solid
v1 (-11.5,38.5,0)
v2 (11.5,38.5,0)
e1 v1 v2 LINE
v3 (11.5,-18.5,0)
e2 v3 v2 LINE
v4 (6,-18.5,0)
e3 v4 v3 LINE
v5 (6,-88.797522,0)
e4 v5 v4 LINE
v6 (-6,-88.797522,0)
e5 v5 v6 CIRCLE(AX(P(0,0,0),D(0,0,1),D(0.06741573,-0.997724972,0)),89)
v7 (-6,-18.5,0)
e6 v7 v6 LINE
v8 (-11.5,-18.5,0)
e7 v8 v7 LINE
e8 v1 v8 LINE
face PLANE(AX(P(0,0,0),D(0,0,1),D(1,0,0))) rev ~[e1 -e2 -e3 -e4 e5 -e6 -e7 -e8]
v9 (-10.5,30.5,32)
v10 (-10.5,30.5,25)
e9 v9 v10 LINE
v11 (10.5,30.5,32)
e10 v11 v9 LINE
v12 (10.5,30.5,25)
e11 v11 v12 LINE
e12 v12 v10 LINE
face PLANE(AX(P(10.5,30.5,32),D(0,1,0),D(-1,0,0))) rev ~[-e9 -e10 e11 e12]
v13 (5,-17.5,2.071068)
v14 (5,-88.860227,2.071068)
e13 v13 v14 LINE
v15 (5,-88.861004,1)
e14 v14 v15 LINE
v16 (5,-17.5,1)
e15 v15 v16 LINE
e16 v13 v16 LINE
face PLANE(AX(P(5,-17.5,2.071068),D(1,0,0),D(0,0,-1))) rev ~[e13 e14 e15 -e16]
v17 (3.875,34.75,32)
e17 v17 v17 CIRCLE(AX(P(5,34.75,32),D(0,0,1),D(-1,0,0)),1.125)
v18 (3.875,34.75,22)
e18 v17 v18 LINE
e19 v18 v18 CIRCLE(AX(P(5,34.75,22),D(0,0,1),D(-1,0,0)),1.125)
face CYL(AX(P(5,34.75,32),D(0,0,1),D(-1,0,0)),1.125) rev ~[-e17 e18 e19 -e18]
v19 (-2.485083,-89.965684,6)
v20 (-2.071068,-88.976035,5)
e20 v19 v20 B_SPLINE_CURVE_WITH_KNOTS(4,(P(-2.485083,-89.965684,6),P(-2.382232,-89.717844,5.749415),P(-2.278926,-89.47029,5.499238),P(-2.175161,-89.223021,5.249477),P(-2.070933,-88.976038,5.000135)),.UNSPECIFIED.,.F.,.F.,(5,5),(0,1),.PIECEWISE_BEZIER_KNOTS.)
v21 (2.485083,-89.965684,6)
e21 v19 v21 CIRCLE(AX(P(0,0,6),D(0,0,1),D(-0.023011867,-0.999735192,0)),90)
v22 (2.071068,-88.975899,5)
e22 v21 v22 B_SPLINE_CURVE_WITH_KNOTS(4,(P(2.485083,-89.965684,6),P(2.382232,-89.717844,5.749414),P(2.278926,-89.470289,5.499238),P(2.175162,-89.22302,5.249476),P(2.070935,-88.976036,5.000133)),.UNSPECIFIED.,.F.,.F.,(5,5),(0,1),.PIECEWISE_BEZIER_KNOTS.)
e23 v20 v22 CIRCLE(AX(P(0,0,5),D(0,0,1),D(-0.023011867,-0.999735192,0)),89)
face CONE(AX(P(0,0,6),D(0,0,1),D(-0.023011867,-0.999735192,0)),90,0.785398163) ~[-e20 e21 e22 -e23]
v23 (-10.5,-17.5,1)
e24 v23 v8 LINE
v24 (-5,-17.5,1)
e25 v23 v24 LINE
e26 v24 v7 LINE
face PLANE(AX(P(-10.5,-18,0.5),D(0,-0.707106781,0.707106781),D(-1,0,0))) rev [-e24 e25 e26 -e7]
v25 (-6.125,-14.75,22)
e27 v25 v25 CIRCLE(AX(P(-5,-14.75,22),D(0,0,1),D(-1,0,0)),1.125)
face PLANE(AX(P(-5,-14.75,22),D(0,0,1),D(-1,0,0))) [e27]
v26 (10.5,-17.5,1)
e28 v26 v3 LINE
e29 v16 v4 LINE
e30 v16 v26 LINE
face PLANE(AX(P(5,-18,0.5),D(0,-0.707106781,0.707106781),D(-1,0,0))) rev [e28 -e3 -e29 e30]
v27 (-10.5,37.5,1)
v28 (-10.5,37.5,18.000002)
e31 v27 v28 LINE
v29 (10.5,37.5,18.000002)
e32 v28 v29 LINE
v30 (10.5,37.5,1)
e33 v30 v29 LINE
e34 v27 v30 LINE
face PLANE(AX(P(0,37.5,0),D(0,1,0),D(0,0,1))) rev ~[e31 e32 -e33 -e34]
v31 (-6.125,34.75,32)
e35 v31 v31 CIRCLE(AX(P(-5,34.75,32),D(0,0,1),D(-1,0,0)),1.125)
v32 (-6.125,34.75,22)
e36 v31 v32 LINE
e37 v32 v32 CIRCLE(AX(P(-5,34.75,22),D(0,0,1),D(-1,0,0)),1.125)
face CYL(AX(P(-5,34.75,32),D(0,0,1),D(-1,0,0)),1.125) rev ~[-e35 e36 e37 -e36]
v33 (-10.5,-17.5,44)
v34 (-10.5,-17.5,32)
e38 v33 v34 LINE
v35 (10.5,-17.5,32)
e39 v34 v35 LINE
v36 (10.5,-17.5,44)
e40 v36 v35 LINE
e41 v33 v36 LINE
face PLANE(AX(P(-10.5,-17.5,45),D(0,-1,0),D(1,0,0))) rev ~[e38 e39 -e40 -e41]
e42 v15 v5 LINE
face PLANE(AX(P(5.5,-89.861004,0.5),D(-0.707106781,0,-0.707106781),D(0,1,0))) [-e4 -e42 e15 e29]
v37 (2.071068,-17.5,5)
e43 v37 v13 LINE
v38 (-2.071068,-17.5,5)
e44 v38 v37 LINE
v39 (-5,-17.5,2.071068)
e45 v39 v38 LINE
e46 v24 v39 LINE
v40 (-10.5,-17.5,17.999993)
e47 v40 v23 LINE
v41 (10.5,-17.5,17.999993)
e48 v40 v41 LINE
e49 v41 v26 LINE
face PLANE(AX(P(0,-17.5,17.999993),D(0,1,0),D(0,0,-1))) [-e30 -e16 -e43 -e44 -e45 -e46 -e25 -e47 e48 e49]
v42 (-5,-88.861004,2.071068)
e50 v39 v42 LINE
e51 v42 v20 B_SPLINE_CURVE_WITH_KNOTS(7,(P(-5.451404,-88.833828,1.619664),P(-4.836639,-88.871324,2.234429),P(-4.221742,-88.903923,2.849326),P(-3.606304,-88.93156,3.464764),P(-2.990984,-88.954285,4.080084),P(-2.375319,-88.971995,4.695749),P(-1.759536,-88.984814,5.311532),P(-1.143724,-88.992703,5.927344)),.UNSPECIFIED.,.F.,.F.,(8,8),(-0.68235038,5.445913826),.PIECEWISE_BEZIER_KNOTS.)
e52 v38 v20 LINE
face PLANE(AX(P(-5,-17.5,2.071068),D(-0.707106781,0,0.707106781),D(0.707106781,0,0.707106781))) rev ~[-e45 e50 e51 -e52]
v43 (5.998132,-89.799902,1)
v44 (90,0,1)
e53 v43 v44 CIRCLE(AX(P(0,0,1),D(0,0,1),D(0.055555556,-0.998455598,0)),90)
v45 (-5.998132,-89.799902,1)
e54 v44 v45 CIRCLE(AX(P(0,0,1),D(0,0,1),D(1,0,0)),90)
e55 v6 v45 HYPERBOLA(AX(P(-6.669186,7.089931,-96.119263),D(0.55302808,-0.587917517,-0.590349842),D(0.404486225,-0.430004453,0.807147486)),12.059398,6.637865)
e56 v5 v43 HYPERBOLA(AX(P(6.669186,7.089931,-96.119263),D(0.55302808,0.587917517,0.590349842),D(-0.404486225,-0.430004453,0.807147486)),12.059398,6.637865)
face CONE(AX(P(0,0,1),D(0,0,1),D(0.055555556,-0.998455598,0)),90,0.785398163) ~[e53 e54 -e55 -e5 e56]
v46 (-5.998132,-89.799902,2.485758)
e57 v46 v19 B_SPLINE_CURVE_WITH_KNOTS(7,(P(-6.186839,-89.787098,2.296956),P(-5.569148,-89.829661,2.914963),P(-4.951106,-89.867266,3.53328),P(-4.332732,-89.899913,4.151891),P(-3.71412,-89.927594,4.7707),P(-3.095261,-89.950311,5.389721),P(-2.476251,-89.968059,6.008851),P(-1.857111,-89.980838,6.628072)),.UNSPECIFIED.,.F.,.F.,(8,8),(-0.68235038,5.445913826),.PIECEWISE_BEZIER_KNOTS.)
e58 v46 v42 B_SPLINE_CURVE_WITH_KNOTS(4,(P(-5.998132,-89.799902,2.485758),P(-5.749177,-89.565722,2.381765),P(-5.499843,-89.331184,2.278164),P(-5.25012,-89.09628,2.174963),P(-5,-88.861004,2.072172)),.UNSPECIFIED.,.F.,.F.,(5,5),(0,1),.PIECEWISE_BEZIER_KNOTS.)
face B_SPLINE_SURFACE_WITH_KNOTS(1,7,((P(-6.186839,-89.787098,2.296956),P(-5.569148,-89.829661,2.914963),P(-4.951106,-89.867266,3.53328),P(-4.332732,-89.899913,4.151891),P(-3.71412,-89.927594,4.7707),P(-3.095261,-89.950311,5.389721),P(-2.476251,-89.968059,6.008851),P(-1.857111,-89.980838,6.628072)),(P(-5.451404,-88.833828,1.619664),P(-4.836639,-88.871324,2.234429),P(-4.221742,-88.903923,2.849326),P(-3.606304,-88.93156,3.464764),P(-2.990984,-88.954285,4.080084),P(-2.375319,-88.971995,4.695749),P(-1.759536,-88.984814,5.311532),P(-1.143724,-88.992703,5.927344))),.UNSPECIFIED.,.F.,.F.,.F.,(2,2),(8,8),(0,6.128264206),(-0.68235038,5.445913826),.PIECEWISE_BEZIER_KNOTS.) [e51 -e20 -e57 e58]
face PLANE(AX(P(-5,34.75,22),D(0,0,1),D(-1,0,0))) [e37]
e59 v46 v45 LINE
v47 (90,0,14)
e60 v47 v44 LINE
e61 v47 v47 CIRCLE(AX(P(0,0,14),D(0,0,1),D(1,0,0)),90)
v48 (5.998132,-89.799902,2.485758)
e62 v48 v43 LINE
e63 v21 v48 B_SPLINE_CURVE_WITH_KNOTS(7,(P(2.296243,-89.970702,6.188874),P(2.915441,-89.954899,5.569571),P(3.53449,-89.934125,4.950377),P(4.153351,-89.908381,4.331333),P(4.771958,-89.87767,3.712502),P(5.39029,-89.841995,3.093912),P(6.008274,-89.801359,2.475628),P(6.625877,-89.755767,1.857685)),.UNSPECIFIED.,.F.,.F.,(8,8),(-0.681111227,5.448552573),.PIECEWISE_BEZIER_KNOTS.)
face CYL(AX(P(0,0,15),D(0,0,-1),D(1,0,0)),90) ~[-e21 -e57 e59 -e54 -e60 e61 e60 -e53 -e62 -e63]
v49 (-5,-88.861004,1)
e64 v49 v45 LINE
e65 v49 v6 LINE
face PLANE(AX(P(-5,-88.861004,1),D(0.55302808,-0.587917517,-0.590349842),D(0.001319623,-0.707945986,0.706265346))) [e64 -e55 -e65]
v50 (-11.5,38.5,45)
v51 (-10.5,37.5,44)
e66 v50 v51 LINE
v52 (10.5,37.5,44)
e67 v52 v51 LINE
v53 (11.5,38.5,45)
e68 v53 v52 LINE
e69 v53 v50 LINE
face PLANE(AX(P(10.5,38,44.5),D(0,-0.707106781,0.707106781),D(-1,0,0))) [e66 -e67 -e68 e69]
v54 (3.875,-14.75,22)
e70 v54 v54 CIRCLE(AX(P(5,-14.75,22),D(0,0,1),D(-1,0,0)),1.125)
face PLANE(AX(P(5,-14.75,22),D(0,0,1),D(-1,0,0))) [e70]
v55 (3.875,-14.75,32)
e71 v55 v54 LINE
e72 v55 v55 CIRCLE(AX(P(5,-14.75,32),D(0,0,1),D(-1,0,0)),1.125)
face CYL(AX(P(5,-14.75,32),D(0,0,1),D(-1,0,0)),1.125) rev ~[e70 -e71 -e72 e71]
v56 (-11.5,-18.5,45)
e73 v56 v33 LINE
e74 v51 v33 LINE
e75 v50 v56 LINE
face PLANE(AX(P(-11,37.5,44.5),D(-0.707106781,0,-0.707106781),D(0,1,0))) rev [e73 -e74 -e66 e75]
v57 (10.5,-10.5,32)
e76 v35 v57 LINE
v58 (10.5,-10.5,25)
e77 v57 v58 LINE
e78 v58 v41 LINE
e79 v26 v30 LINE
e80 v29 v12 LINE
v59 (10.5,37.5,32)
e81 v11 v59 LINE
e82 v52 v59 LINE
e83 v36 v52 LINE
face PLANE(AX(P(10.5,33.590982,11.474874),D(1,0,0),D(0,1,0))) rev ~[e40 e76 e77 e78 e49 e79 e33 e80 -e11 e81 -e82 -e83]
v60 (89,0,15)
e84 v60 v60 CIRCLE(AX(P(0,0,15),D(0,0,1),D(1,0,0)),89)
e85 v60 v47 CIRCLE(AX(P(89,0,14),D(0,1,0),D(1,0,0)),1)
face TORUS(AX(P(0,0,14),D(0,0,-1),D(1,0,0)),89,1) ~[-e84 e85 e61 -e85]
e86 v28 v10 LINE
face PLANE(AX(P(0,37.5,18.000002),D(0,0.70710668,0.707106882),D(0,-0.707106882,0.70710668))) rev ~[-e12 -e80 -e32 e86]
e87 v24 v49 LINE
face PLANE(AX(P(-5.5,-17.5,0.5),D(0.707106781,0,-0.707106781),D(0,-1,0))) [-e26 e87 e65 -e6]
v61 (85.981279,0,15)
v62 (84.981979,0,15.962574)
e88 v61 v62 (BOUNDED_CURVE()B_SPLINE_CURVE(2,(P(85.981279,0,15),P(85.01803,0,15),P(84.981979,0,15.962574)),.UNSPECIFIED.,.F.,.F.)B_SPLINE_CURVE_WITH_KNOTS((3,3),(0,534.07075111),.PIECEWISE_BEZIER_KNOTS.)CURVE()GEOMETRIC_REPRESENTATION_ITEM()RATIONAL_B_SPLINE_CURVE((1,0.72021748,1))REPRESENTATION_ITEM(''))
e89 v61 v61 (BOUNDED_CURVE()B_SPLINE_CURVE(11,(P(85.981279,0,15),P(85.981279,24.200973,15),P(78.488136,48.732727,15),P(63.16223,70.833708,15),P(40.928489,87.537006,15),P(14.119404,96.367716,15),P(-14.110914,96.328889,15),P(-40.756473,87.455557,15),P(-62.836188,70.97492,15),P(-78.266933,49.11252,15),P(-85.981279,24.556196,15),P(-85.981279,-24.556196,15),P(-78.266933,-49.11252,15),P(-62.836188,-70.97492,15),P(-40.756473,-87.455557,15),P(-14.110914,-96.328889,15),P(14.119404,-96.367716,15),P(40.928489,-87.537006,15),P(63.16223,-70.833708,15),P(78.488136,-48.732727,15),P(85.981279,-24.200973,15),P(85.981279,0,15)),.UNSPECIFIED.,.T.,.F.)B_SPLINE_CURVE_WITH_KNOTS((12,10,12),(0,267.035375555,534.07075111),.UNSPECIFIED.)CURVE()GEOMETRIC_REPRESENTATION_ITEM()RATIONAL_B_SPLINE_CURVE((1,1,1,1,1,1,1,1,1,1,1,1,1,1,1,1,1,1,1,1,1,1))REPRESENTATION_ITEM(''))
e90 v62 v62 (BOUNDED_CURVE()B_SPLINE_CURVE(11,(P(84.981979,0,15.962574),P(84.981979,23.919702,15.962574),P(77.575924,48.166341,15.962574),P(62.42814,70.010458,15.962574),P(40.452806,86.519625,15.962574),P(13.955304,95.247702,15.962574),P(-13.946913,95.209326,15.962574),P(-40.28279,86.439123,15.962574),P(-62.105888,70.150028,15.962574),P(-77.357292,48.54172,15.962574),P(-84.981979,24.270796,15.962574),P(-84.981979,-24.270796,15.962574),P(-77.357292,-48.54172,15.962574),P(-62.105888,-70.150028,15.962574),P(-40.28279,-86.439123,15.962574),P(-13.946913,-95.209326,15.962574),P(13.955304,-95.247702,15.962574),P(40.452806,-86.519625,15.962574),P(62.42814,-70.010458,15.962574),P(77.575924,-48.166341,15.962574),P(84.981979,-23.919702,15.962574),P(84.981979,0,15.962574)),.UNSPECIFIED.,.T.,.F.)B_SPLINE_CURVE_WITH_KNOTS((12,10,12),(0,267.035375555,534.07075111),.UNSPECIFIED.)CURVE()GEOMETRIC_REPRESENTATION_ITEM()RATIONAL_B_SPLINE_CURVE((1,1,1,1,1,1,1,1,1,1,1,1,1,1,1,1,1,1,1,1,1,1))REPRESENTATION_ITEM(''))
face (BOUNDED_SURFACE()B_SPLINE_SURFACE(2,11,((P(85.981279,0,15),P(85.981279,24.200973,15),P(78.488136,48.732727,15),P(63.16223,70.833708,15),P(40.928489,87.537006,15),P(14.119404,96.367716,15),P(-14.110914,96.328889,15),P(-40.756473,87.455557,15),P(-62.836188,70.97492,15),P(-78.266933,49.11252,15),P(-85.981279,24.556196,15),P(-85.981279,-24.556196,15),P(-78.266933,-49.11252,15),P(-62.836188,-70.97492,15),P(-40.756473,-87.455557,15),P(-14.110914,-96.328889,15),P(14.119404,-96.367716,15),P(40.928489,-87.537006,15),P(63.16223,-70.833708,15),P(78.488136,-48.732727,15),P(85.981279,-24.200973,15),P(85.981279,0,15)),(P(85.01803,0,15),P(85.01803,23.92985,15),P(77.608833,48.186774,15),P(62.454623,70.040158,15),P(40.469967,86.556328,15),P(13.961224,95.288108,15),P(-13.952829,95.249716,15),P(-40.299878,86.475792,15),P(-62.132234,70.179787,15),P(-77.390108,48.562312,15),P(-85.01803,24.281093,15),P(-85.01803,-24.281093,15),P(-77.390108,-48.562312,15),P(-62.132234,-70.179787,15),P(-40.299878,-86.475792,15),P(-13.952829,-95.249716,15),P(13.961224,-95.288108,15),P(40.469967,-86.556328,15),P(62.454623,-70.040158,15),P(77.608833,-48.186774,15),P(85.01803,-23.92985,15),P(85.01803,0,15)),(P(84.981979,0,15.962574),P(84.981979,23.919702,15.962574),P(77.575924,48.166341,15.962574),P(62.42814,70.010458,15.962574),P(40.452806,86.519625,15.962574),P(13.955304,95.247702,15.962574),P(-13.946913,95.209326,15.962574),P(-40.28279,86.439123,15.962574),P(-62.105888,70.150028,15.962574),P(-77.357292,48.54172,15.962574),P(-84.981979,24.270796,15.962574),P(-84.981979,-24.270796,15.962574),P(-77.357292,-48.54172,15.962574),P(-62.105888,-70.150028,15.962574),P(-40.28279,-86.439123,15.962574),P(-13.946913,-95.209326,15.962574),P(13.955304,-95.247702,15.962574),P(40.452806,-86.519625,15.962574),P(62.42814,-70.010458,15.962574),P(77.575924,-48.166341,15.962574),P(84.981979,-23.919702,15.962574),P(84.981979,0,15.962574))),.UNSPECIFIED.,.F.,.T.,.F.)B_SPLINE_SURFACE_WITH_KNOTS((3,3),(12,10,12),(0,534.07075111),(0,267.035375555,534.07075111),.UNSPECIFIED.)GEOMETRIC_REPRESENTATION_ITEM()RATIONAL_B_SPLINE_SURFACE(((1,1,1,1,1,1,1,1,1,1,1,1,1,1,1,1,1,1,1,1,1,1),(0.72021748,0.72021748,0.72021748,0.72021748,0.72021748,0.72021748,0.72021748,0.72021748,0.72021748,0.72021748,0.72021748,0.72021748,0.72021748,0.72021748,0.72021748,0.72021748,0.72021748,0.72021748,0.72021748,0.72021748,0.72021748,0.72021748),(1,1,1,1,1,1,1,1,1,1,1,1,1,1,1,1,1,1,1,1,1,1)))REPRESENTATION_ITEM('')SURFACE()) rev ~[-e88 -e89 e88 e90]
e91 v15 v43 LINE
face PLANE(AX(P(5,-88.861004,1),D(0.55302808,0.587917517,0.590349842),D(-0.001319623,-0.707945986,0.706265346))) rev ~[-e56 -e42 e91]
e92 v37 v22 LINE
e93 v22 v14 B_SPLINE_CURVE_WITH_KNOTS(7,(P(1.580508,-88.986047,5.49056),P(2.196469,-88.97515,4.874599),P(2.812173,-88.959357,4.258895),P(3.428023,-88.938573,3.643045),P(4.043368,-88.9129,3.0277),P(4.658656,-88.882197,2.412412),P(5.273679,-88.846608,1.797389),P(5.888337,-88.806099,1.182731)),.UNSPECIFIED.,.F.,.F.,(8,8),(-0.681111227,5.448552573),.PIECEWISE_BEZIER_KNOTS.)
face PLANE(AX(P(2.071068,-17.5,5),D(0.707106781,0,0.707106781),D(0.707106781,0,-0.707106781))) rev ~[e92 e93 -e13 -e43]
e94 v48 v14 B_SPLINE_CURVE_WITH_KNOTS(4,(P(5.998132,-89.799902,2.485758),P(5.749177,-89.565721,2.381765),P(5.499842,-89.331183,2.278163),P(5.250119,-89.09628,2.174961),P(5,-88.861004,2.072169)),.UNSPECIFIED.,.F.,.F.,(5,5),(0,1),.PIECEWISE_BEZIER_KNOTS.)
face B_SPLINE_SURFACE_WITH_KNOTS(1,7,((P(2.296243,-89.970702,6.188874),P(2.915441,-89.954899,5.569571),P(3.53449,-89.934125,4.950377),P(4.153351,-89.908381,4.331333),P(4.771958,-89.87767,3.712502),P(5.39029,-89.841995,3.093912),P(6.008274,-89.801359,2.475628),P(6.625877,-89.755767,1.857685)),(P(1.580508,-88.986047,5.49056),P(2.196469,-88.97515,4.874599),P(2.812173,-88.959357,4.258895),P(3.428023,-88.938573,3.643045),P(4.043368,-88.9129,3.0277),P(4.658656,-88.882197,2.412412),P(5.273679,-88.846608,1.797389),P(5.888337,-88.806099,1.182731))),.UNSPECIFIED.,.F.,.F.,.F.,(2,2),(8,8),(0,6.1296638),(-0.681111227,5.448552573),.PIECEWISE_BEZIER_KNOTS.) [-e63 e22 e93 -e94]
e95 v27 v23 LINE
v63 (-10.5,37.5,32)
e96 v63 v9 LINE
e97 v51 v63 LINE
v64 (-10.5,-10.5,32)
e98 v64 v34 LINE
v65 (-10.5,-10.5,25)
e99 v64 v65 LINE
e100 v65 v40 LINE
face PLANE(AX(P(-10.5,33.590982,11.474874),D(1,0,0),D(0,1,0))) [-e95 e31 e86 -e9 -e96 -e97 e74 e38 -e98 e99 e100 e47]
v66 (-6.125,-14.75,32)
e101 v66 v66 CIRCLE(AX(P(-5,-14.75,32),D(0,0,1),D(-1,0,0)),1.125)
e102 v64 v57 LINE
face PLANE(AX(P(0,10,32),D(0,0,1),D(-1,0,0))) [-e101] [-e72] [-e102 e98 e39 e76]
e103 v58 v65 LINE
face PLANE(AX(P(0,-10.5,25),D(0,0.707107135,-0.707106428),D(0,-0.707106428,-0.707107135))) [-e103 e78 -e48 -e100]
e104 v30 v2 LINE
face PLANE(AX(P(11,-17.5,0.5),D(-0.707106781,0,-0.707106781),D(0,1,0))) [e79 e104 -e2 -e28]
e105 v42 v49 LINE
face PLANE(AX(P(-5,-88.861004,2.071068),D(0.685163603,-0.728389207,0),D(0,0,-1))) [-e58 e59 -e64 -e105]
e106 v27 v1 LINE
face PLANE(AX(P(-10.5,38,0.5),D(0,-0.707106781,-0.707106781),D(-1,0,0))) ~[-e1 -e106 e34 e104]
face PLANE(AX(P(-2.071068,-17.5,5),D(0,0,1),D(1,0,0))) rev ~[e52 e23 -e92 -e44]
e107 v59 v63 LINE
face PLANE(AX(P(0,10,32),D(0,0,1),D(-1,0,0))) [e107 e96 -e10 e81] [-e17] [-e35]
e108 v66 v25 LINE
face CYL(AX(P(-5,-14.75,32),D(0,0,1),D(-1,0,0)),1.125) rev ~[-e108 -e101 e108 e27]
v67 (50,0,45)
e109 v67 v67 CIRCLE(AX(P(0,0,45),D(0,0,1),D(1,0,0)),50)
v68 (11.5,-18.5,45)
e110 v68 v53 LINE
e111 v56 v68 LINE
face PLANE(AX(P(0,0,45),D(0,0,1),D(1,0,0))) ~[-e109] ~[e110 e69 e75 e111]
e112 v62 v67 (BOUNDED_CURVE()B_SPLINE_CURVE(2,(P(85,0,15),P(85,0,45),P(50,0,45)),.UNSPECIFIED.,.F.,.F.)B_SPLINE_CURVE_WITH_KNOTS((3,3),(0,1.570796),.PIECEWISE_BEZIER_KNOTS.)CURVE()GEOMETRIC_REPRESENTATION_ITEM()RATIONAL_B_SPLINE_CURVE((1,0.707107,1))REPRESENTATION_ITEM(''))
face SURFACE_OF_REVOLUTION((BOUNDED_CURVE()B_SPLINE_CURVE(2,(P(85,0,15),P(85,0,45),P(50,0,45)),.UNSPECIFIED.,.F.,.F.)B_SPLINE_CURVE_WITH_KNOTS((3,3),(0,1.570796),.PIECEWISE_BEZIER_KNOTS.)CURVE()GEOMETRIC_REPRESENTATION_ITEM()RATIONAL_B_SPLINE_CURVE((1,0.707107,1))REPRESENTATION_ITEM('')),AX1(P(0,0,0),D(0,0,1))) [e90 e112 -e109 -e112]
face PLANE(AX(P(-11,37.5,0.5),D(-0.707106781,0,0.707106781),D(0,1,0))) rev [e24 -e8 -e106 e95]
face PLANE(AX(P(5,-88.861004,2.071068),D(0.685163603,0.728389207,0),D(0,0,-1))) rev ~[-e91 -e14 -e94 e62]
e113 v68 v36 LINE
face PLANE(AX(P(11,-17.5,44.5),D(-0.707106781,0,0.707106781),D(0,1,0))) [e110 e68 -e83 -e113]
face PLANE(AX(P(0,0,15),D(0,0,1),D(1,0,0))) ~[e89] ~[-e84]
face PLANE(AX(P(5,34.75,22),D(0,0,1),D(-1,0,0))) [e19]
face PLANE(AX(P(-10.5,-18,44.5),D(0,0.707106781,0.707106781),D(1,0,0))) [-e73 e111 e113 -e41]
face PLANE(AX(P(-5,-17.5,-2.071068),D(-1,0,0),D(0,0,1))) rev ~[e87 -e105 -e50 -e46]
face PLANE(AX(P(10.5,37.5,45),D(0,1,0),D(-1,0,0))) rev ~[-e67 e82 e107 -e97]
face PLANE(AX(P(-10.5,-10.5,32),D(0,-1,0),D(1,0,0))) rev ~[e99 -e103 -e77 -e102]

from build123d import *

# Parameters (mm, degrees)
FILLET_R        = 1
POCKET_DEPTH    = 13
POCKET012_DEPTH = 32
SKETCH026_R     = 1.125
POCKET013_DEPTH = 10
POCKET014_DEPTH = 10.5
CHAMFER004_SIZE = 1
POCKET015_DEPTH = 72.5
CHAMFER_SIZE    = 1


with BuildPart() as part:
    # Sketch → Revolution (revolve)
    with BuildSketch(Plane.XZ):
        with BuildLine():
            Line((85, 15), (90, 15))
            Line((90, 15), (90, 0))
            Line((90, 0), (0, 0))
            Line((0, 0), (0, 45))
            Line((0, 45), (50, 45))
            add(Edge.make_bspline(
                [(85, 15), (85, 45), (50, 45)],
                knots=[0, 0, 0, 1.570796, 1.570796, 1.570796], degree=2, weights=[1, 0.707107, 1]))
        make_face()
    revolve(axis=Axis((0, 0, 0), (0, 0, 1)))

    # Fillet
    fillet_edges = [part.edges().sort_by_distance(p)[0] for p in [
        (-90, 0, 15),
        (-85, 0, 15),
    ]]
    fillet(fillet_edges, radius=FILLET_R)

    # Sketch020 → Pocket (cut)
    with BuildSketch(Plane(origin=(0, 0, 45), x_dir=(-1, 0, 0), z_dir=(0, 0, 1))):
        Polygon((-10.5, -37.5), (10.5, -37.5), (10.5, 17.5), (0, 17.5), (-10.5, 17.5), align=None)
    extrude(amount=-POCKET_DEPTH, mode=Mode.SUBTRACT)

    # Sketch025 (on Face13 of Pocket) → Pocket012 (cut)
    with BuildSketch(Plane(origin=(0, 0, 32), x_dir=(-1, 0, 0), z_dir=(0, 0, 1))):
        Polygon((-10.5, -30.5), (10.5, -30.5), (10.5, 10.5), (0, 10.5), (-10.5, 10.5), align=None)
    extrude(amount=-POCKET012_DEPTH, mode=Mode.SUBTRACT)

    # Sketch026 (on Face19 of Pocket012) → Pocket013 (cut)
    with BuildSketch(Plane(origin=(0, 0, 32), x_dir=(-1, 0, 0), z_dir=(0, 0, 1))):
        with Locations((5, 14.75)):
            Circle(SKETCH026_R)
        with Locations((-5, 14.75)):
            Circle(SKETCH026_R)
        with Locations((5, -34.75)):
            Circle(SKETCH026_R)
        with Locations((-5, -34.75)):
            Circle(SKETCH026_R)
    extrude(amount=-POCKET013_DEPTH, mode=Mode.SUBTRACT)

    # Sketch027 → Pocket014 (cut, symmetric)
    with BuildSketch(Plane.YZ):
        Polygon((-10.5, 25), (-17.5, 17.999993), (-17.5, 0), (-10.5, 0), align=None)
        Polygon((30.5, 0), (37.5, 0), (37.5, 18.000002), (30.5, 25), align=None)
    extrude(amount=POCKET014_DEPTH, both=True, mode=Mode.SUBTRACT)

    # Chamfer004
    chamfer004_edges = [part.edges().sort_by_distance(p)[0] for p in [
        (-10.5, 10, 45),
        (0, 37.5, 45),
        (10.5, 10, 45),
        (5.25, -17.5, 45),
        (-5.25, -17.5, 45),
    ]]
    chamfer(chamfer004_edges, length=CHAMFER004_SIZE)

    # Sketch028 (on Face36 of Chamfer004) → Pocket015 (cut)
    with BuildSketch(Plane(origin=(0, -17.5, 0), x_dir=(1, 0, 0), z_dir=(0, 1, 0))):
        Polygon((5, 2.071068), (2.071068, 5), (-2.071068, 5), (-5, 2.071068), (-5, -2.071068), (-2.071068, -5), (2.071068, -5), (5, -2.071068), align=None)
    extrude(amount=-POCKET015_DEPTH, mode=Mode.SUBTRACT)

    # Chamfer
    chamfer_edges = [part.edges().sort_by_distance(p)[0] for p in [
        (65.383484, -61.846584, 0),
        (5, -53.680502, 0),
        (7.75, -17.5, 0),
        (10.5, -14, 0),
        (10.5, 10, 0),
        (10.5, 34, 0),
        (0, 37.5, 0),
        (-10.5, 34, 0),
        (-10.5, 10, 0),
        (-10.5, -14, 0),
        (-7.75, -17.5, 0),
        (-5, -53.680502, 0),
        (-61.846584, 65.383484, 0),
        (-5, -89.861004, 1.035534),
        (-3.535769, -89.93052, 3.535299),
        (0, -90, 5),
        (3.535769, -89.93052, 3.535299),
        (5, -89.861004, 1.035534),
    ]]
    chamfer(chamfer_edges, length=CHAMFER_SIZE)


solid = part.part
